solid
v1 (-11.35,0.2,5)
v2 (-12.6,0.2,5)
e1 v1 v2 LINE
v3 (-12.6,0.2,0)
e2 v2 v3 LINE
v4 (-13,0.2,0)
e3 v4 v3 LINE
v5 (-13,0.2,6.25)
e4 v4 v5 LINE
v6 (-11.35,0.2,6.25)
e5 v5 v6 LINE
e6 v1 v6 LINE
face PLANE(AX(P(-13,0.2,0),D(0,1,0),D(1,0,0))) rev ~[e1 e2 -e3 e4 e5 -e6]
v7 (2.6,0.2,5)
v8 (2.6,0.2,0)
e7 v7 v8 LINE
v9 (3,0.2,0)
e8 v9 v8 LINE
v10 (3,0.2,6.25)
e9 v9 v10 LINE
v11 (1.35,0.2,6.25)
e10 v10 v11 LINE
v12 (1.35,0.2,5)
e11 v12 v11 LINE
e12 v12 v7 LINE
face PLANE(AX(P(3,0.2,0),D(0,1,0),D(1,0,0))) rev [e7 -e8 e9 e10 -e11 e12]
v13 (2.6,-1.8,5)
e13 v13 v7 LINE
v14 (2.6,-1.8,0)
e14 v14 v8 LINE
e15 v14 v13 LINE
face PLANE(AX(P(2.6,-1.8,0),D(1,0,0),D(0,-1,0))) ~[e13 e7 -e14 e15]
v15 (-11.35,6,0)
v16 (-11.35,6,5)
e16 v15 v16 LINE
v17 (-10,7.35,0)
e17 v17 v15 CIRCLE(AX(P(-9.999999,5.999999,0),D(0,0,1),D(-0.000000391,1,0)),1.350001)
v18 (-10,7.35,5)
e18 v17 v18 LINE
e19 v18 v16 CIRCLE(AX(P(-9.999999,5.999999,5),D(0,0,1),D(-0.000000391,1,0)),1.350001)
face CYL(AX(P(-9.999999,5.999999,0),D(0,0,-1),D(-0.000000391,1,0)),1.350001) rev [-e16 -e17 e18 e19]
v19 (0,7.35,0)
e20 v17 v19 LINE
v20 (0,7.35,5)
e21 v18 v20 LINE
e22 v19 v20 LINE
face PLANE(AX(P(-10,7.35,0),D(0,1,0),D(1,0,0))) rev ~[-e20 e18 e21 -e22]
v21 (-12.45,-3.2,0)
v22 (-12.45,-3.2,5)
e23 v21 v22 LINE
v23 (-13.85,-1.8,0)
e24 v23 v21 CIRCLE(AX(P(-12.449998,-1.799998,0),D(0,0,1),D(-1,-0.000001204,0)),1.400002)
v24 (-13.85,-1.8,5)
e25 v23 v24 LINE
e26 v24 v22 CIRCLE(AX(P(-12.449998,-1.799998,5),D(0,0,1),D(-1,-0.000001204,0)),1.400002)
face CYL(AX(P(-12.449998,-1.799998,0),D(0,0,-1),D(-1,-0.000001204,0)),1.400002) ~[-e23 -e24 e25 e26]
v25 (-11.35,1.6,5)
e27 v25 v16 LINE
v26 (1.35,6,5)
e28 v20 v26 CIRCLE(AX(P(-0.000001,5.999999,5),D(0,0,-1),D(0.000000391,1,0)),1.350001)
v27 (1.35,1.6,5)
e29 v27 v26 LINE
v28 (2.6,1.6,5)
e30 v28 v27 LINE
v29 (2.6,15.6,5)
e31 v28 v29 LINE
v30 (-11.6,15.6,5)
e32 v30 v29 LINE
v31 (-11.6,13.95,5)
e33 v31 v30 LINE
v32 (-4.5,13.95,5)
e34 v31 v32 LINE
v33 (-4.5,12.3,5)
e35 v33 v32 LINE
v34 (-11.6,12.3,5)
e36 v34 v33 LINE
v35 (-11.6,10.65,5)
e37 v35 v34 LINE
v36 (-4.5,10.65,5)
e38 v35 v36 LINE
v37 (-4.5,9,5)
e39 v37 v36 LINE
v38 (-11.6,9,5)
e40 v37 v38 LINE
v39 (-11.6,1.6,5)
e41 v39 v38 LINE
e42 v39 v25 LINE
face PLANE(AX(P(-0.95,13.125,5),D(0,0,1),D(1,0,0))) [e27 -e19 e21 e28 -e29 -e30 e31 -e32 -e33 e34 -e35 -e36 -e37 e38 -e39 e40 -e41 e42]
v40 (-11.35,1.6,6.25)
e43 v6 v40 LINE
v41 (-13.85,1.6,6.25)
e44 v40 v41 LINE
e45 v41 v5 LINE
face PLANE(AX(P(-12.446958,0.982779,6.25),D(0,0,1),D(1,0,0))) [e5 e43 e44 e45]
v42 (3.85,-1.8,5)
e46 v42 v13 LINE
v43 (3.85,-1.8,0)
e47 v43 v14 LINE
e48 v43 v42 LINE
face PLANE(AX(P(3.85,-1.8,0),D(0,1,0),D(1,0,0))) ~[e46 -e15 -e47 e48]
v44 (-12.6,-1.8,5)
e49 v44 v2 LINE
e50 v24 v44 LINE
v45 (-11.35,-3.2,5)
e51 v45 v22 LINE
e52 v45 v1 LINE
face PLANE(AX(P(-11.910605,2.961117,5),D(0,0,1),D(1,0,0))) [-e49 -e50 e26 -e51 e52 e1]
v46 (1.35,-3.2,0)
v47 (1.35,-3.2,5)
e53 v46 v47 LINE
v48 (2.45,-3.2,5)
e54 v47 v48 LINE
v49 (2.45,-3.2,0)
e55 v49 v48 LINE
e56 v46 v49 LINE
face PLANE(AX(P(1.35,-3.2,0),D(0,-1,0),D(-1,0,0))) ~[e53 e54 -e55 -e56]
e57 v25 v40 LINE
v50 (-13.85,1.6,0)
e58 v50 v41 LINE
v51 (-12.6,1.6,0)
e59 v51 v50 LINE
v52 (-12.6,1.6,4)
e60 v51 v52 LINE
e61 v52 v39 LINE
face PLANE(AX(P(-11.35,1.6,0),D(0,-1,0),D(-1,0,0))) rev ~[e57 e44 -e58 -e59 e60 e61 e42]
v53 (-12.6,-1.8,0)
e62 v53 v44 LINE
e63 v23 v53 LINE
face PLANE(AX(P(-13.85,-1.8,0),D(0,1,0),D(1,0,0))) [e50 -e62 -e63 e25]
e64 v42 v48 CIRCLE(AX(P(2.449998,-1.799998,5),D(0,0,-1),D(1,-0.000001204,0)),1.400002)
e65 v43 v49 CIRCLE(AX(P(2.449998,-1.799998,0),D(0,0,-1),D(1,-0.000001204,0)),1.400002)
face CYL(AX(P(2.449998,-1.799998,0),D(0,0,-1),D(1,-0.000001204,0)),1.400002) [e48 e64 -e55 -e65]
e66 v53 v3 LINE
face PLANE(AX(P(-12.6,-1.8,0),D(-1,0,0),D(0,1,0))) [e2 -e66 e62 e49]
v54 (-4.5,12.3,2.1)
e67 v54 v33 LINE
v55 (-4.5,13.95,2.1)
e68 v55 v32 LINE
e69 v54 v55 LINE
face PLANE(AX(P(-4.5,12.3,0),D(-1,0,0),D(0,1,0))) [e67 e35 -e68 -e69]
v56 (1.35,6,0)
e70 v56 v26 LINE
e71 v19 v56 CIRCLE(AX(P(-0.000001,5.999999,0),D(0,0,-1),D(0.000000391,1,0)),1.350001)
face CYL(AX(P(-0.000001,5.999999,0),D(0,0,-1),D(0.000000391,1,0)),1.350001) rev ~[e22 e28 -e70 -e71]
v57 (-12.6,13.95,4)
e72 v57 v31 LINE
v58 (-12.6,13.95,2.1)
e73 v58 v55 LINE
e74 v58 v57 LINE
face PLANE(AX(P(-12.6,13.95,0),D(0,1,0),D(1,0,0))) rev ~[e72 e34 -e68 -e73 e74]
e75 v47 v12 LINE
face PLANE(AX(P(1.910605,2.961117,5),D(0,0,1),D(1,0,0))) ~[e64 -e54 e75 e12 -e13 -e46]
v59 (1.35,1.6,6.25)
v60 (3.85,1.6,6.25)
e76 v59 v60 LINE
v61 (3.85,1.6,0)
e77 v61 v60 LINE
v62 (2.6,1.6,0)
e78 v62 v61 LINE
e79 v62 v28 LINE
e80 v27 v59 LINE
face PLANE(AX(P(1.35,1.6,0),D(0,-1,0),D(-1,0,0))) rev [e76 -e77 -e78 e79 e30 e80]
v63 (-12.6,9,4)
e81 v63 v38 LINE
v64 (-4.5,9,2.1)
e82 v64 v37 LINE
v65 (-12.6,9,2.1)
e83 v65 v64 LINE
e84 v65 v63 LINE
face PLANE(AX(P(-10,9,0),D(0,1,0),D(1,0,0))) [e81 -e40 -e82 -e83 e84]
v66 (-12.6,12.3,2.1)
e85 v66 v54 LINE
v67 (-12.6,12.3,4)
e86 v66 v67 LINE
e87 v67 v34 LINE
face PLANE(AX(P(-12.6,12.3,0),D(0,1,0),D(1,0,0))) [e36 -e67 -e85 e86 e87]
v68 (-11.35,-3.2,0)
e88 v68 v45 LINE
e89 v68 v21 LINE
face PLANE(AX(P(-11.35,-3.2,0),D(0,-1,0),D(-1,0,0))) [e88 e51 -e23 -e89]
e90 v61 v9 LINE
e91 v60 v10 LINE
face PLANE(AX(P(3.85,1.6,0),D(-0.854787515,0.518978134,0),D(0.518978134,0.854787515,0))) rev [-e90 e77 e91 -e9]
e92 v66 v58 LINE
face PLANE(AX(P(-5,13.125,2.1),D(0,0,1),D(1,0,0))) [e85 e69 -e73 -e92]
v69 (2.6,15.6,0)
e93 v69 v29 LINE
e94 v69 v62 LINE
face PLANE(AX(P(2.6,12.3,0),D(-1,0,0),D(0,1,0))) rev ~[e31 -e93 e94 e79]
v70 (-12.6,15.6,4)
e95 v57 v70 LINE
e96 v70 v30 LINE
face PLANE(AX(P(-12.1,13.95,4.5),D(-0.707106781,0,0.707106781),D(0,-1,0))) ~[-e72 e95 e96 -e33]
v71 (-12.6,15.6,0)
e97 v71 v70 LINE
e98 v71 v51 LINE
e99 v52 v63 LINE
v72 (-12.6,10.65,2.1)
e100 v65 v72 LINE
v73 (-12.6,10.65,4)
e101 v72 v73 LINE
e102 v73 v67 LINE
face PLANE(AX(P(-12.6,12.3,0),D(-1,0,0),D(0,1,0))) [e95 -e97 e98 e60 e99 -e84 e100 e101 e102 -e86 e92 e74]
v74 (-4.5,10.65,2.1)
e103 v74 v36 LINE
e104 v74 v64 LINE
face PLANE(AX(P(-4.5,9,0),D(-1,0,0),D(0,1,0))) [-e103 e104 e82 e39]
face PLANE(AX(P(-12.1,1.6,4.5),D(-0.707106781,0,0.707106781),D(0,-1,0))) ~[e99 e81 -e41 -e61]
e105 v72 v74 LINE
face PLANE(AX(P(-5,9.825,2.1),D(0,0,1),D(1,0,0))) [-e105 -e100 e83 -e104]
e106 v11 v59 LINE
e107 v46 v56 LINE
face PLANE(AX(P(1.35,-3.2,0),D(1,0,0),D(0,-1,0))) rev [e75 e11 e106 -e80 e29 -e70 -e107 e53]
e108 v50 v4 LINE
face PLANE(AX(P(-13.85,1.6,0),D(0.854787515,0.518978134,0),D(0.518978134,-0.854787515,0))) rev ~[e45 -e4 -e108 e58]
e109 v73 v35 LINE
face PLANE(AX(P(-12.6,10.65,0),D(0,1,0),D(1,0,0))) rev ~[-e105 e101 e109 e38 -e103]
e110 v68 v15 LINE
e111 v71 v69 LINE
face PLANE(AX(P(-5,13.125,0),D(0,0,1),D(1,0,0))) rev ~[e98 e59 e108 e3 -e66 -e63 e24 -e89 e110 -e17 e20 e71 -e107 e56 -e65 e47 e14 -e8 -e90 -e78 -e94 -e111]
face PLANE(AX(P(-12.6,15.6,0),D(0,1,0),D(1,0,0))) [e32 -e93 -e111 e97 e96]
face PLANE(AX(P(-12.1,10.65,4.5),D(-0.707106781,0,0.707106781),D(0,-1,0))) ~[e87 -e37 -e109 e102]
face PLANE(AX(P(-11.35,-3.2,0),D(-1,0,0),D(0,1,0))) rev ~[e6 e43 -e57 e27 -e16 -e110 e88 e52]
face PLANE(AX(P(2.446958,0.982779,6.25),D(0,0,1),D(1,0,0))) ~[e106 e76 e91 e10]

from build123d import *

# Parameters (mm, degrees)
PAD017_DEPTH           = 5
PAD020_DEPTH           = 6.25
SKETCH038_W            = 10
SKETCH038_H            = 1.65
PAD021_DEPTH           = 5
SKETCH079_W            = 15.2
SKETCH079_H            = 1.65
PAD051_DEPTH           = 2.1
SKETCH080_W            = 7.1
SKETCH080_H            = 1.65
PAD052_DEPTH           = 5
SKETCH081_W            = 15.2
SKETCH081_H            = 1.65
PAD053_DEPTH           = 5
LINEARPATTERN018_COUNT = 2
LINEARPATTERN018_PITCH = 3.3
CHAMFER008_SIZE        = 1


with BuildPart() as bc_c:
    # Sketch034 → Pad017 (new body)
    with BuildSketch(Plane.XY):
        with BuildLine():
            Line((-1.35, -1.8), (-1.35, 6))
            ThreePointArc((0, 7.35), (-0.954594, 6.954594), (-1.35, 6))
            Line((0, 9), (0, 7.35))
            Line((-2.6, 9), (0, 9))
            Line((-2.6, -1.8), (-2.6, 9))
            Line((-3.85, -1.8), (-2.6, -1.8))
            ThreePointArc((-3.85, -1.8), (-3.439949, -2.789949), (-2.45, -3.2))
            Line((-1.35, -3.2), (-2.45, -3.2))
            Line((-1.35, -1.8), (-1.35, -3.2))
        make_face()
    extrude(amount=PAD017_DEPTH)

    # Sketch037 → Pad020 (join)
    with BuildSketch(Plane.XY):
        Polygon((-1.35, 0.2), (-1.35, 1.6), (-2.6, 1.6), (-3.85, 1.6), (-3, 0.2), (-2.6, 0.2), align=None)
    extrude(amount=PAD020_DEPTH)


with BuildPart() as body028:
    # Mirror002: instance of _bc_c
    add(bc_c.part.mirror(Plane(origin=(5, 0, 0), x_dir=(0, 1, 0), z_dir=(-1, 0, 0))))

    # Fusion002: union _bc_c
    add(bc_c.part)


with BuildPart() as body028_1:
    # Clone003 placement: moved
    add(body028.part.moved(Location((-5, 0, 0))))

    # Sketch038 → Pad021 (new body)
    with BuildSketch(Plane.XY):
        with Locations((0, 8.175)):
            Rectangle(SKETCH038_W, SKETCH038_H)
    extrude(amount=PAD021_DEPTH)

    # Sketch079 → Pad051 (new body)
    with BuildSketch(Plane.XY):
        with Locations((0, 9.825)):
            Rectangle(SKETCH079_W, SKETCH079_H)
    pad051 = extrude(amount=PAD051_DEPTH)

    # Sketch080 → Pad052 (join)
    with BuildSketch(Plane.XY):
        with Locations((4.05, 9.825)):
            Rectangle(SKETCH080_W, SKETCH080_H)
    pad052 = extrude(amount=PAD052_DEPTH)

    # Sketch081 → Pad053 (join)
    with BuildSketch(Plane.XY):
        with Locations((0, 11.475)):
            Rectangle(SKETCH081_W, SKETCH081_H)
    pad053 = extrude(amount=PAD053_DEPTH)

    # LinearPattern018: Pad053, Pad052, Pad051 ×2
    with Locations(*[(0, i * LINEARPATTERN018_PITCH, 0) for i in range(1, LINEARPATTERN018_COUNT)]):
        add(pad053)
        add(pad052)
        add(pad051)

    # Chamfer008
    chamfer008_edges = [body028_1.edges().sort_by_distance(p)[0] for p in [
        (-7.6, 5.3, 5),
        (-7.6, 11.475, 5),
        (-7.6, 14.775, 5),
    ]]
    chamfer(chamfer008_edges, length=CHAMFER008_SIZE)


with BuildPart() as body028_2:
    # Body028 placement: moved
    add(body028_1.part.moved(Location((-5, 0, 0))))


solid = body028_2.part
